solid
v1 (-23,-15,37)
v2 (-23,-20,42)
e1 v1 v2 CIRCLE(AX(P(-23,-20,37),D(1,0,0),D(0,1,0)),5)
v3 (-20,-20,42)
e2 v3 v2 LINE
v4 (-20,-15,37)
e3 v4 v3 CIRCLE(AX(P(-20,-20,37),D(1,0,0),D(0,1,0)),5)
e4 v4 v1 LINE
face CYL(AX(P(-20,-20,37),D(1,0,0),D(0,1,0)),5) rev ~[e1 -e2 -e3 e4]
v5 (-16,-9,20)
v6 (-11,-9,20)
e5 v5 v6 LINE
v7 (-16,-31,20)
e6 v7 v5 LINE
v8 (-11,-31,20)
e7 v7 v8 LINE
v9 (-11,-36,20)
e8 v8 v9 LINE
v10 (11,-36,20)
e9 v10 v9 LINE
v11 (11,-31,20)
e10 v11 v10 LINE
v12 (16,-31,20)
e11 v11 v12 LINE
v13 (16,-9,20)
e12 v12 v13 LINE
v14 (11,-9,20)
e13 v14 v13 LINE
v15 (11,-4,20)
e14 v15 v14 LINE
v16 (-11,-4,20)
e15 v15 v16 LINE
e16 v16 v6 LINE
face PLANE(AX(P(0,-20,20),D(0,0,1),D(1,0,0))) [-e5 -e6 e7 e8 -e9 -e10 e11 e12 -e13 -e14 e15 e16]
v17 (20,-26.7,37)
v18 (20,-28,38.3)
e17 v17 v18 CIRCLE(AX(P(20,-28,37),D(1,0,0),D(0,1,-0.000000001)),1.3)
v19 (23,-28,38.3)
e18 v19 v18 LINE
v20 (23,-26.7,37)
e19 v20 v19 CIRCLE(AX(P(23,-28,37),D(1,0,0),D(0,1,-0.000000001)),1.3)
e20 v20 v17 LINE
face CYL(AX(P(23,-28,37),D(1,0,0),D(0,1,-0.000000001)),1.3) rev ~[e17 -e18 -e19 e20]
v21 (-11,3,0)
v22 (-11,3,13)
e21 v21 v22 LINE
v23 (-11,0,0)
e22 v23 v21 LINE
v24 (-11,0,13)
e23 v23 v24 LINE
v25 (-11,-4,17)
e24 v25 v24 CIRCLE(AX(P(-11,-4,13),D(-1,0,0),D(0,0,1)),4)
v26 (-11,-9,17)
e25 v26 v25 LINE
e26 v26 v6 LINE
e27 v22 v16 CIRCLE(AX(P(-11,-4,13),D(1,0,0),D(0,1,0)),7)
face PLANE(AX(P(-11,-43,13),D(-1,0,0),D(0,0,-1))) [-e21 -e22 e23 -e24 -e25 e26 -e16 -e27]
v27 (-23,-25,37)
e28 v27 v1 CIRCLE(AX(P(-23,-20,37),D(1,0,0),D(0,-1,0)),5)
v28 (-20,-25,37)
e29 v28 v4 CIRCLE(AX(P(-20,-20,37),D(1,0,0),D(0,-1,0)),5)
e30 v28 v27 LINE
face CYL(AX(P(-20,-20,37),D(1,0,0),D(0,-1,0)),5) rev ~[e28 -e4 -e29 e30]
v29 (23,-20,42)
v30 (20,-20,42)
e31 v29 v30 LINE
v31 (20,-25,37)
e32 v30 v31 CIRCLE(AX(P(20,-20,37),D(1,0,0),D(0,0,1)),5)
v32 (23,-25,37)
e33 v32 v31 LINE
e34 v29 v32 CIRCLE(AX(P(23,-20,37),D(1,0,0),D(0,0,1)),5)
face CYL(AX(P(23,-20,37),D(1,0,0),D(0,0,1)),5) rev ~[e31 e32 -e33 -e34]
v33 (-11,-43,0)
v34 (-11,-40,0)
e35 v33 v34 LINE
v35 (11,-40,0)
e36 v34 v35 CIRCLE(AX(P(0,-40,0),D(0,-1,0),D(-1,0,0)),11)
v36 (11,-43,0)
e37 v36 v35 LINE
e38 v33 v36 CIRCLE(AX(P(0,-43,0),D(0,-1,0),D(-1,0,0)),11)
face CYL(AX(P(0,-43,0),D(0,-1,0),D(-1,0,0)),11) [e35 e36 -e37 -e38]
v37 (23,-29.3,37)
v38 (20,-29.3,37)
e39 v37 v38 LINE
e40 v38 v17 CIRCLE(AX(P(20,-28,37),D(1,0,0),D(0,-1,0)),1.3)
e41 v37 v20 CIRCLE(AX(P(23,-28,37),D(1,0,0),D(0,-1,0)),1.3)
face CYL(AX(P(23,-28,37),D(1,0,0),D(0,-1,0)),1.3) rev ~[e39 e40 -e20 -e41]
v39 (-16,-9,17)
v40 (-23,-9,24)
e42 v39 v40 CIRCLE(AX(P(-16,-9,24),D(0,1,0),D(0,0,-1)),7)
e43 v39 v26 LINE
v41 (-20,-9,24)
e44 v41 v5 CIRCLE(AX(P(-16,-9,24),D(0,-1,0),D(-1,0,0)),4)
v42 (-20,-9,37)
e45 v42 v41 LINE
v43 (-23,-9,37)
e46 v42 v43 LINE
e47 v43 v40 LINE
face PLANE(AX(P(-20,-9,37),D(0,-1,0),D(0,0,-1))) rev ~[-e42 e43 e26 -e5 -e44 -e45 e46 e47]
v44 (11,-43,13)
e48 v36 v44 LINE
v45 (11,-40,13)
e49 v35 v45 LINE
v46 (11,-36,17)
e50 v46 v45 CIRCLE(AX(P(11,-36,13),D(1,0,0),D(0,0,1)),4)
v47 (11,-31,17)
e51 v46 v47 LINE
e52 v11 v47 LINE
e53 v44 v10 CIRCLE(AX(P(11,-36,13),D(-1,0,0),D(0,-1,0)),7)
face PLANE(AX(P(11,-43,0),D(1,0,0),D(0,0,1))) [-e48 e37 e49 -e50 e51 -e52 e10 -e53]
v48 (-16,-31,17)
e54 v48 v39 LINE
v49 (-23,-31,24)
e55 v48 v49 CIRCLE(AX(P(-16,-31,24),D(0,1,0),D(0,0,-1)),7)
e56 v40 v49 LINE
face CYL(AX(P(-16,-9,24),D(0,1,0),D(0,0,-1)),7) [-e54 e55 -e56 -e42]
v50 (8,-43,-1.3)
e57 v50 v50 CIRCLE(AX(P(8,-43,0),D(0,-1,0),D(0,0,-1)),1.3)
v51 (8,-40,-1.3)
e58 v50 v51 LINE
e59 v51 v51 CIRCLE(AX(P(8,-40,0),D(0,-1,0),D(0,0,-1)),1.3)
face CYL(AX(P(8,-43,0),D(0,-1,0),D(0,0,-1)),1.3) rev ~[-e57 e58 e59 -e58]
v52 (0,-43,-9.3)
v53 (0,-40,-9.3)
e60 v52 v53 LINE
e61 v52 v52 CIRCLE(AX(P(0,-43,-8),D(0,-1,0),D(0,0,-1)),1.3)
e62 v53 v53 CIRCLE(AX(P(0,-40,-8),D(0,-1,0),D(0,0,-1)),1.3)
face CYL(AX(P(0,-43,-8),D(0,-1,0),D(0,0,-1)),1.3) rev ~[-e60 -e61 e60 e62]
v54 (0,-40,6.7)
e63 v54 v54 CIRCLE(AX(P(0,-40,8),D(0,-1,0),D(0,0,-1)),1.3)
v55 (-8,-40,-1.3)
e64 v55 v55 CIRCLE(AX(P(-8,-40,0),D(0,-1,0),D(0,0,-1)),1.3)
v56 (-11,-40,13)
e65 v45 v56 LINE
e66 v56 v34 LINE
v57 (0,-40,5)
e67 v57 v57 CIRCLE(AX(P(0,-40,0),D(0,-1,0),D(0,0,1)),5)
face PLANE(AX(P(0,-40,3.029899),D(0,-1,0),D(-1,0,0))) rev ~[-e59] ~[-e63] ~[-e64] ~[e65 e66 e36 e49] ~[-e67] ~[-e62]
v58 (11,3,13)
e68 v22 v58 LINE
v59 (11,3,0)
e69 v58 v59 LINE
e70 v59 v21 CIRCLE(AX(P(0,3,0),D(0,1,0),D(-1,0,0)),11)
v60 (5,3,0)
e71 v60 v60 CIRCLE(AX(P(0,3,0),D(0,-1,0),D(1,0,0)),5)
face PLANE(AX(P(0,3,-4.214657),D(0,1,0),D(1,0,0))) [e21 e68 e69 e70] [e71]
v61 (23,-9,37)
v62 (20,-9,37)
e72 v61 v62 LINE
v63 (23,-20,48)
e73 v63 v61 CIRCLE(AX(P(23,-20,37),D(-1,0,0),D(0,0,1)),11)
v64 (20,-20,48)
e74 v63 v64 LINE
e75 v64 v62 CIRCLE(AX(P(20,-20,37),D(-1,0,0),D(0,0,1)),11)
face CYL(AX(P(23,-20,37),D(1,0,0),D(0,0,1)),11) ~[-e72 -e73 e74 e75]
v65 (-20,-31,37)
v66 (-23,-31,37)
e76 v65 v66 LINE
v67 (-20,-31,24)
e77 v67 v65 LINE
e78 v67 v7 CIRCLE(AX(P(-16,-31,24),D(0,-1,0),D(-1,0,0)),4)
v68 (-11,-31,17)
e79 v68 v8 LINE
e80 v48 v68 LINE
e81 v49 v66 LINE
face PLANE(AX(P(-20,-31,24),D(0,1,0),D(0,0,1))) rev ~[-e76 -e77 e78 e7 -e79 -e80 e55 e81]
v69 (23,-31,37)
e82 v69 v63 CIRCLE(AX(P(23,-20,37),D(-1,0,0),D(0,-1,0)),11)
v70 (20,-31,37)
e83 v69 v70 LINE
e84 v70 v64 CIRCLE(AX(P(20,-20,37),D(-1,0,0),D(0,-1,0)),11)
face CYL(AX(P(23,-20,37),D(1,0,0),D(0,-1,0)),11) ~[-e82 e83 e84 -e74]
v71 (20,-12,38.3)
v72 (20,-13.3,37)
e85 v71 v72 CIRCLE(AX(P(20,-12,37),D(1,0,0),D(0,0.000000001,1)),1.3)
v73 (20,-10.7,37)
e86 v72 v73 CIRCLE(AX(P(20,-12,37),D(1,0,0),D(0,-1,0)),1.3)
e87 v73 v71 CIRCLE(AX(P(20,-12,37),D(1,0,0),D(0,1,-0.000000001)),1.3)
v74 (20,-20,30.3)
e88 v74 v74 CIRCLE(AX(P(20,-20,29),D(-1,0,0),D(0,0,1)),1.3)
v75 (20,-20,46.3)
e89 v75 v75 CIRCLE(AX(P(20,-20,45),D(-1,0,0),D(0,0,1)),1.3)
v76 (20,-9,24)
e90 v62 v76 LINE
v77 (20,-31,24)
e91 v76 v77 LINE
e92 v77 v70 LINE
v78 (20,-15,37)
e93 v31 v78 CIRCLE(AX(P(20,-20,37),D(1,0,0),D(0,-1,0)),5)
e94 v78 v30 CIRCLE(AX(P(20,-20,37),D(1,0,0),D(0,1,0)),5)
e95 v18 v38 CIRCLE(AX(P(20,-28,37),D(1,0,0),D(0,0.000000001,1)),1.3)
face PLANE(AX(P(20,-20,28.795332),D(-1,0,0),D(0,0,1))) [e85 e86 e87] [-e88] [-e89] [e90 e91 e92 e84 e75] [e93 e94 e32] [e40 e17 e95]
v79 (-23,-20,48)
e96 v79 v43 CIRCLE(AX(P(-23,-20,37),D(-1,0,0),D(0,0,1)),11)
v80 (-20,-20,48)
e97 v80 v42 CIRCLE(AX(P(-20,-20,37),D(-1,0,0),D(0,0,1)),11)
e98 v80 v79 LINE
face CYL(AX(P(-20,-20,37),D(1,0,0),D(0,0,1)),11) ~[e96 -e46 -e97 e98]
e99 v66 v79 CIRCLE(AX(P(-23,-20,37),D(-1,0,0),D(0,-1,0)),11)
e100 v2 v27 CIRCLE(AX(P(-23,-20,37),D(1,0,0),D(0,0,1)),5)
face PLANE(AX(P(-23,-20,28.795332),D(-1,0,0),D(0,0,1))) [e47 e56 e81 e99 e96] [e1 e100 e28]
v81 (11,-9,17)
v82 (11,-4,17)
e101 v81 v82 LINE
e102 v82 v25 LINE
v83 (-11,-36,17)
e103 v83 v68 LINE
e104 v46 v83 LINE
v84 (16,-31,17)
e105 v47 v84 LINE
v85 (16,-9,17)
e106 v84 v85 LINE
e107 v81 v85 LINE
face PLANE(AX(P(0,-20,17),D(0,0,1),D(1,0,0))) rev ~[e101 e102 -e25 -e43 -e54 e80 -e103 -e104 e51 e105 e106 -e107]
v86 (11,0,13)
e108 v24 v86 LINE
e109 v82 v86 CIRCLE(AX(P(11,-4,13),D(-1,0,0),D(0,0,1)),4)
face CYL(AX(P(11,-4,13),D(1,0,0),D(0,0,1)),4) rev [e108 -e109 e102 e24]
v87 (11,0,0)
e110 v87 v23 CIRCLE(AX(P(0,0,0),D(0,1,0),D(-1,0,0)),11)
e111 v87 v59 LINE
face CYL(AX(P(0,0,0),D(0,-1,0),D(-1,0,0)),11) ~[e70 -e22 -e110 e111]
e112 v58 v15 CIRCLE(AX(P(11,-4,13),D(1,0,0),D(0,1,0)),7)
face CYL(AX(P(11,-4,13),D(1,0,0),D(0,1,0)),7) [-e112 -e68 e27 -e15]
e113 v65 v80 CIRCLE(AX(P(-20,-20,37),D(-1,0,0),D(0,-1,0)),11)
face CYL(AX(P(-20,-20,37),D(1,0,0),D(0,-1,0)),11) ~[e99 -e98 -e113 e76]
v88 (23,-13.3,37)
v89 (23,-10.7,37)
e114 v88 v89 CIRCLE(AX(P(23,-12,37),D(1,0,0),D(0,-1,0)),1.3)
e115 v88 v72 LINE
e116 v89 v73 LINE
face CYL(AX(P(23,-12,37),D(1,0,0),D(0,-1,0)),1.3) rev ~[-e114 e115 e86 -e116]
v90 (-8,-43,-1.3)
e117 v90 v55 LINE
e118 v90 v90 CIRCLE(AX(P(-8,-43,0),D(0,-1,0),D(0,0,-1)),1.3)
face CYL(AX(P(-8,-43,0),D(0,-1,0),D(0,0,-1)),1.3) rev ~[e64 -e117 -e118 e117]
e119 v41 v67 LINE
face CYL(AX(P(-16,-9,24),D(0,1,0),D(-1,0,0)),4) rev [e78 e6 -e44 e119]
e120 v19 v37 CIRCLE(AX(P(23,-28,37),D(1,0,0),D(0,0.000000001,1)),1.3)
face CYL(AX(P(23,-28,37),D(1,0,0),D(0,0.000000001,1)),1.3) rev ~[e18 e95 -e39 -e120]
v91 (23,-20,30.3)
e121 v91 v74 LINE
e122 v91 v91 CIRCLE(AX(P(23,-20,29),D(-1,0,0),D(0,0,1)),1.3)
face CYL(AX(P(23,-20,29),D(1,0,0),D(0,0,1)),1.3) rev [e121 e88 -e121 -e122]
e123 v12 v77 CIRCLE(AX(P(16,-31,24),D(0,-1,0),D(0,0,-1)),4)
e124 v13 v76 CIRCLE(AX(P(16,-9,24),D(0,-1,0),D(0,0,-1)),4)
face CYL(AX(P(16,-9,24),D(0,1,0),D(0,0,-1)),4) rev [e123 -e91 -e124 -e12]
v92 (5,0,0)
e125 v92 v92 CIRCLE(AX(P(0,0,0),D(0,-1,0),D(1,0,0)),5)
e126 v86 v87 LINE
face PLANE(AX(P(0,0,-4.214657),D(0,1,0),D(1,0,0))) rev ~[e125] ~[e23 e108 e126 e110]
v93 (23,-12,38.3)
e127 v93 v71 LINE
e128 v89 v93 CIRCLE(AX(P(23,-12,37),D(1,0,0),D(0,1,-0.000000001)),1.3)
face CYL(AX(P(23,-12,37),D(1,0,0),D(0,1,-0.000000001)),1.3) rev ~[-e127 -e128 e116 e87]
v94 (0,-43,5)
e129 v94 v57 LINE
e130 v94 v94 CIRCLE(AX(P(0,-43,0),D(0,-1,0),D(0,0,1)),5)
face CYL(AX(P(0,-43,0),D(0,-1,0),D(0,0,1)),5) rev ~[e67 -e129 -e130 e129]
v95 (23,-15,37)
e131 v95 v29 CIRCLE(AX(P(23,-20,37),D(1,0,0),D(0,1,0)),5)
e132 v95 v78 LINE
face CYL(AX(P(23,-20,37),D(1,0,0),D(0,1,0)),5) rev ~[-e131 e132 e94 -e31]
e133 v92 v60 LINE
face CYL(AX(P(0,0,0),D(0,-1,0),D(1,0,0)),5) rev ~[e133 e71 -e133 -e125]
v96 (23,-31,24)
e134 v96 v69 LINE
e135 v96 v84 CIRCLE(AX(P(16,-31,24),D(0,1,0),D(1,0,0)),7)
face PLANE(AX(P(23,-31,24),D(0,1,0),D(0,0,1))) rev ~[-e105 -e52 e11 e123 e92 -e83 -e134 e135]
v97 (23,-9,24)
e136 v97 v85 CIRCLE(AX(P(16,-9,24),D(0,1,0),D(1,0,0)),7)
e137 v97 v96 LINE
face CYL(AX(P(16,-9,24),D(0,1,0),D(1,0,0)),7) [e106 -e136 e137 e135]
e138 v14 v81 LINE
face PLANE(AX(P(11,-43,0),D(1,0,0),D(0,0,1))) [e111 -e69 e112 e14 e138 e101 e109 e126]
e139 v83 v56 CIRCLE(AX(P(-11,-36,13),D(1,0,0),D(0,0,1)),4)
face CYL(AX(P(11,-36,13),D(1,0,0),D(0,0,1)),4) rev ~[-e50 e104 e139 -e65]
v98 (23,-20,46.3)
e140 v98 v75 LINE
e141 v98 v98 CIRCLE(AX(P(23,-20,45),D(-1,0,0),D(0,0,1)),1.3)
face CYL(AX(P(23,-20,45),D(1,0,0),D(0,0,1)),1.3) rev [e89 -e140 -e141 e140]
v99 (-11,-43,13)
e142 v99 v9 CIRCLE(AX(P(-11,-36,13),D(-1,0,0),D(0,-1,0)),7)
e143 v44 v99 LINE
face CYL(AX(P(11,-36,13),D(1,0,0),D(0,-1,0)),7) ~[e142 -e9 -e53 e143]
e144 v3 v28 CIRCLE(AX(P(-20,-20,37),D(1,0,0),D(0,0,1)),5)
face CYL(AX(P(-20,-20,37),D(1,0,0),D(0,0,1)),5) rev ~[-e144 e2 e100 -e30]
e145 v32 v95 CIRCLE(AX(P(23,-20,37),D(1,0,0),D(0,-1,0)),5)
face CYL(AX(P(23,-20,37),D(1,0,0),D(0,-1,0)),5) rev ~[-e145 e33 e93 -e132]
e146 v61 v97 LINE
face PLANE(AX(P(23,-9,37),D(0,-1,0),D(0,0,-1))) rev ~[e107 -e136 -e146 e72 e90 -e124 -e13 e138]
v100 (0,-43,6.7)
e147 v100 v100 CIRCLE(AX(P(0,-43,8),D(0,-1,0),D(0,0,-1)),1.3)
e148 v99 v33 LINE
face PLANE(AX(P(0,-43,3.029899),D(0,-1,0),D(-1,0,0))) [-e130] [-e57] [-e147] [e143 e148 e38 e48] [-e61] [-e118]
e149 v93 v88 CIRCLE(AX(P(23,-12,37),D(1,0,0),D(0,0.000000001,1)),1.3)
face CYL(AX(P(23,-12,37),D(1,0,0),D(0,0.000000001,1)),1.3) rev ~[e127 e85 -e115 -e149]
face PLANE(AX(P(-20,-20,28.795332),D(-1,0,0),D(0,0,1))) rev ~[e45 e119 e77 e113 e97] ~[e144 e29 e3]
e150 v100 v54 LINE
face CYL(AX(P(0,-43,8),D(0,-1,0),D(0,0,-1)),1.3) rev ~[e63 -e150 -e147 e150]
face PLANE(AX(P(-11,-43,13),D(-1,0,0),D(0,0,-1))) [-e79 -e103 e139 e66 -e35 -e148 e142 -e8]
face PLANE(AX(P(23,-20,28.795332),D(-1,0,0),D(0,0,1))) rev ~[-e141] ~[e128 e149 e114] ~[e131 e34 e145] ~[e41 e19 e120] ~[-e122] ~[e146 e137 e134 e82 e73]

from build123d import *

# Parameters (mm, degrees)
BOSS_EXTRUDE1_DEPTH  = 3
BOSS_EXTRUDE2_DEPTH  = 22
BOSS_EXTRUDE10_DEPTH = 22
BOSS_EXTRUDE3_START  = 3
SKETCH3_R            = 1.3
SKETCH3_R_2          = 5
BOSS_EXTRUDE3_DEPTH  = 3
SKETCH5_W            = 32
SKETCH5_H            = 22
BOSS_EXTRUDE4_DEPTH  = 3
BOSS_EXTRUDE5_DEPTH  = 22
SKETCH8_R            = 1.3
BOSS_EXTRUDE8_DEPTH  = 3
BOSS_EXTRUDE9_START  = -3
BOSS_EXTRUDE9_DEPTH  = 3


with BuildPart() as part:
    # Sketch1 → Boss-Extrude1 (new body)
    with BuildSketch(Plane(origin=(0, 0, 0), x_dir=(1, 0, 0), z_dir=(0, 1, 0))):
        with BuildLine():
            ThreePointArc((-5, 0), (0, 5), (5, 0))
            Line((5, 0), (11, 0))
            ThreePointArc((11, 0), (0, 11), (-11, 0))
            Line((-11, 0), (-5, 0))
        make_face()
        with BuildLine():
            Line((11, 0), (5, 0))
            ThreePointArc((5, 0), (0, -5), (-5, 0))
            Line((-5, 0), (-11, 0))
            ThreePointArc((-11, 0), (0, -11), (11, 0))
        make_face()
        with BuildLine():
            Line((11, -13), (11, 0))
            ThreePointArc((11, 0), (0, -11), (-11, 0))
            Line((-11, 0), (-11, -13))
            Line((-11, -13), (11, -13))
        make_face()
    extrude(amount=BOSS_EXTRUDE1_DEPTH)

    # Sketch2 → Boss-Extrude2 (add)
    with BuildSketch(Plane(origin=(11, 0, 0), x_dir=(0, 0, -1), z_dir=(1, 0, 0))):
        with BuildLine():
            Line((-13, 0), (-13, 3))
            ThreePointArc((-13, 3), (-17.949747468, 0.949747468), (-20, -4))
            Line((-20, -4), (-20, -36))
            Line((-20, -36), (-17, -36))
            Line((-17, -36), (-17, -4))
            ThreePointArc((-17, -4), (-15.828427125, -1.171572875), (-13, 0))
        make_face()
    extrude(amount=-BOSS_EXTRUDE2_DEPTH)

    # Sketch2<4> → Boss-Extrude10 (add)
    with BuildSketch(Plane(origin=(11, 0, 0), x_dir=(0, 0, -1), z_dir=(1, 0, 0))):
        with BuildLine():
            Line((-20, -36), (-17, -36))
            ThreePointArc((-17, -36), (-15.828427125, -38.828427125), (-13, -40))
            Line((-13, -40), (-13, -43))
            ThreePointArc((-13, -43), (-17.949747468, -40.949747468), (-20, -36))
        make_face()
    extrude(amount=-BOSS_EXTRUDE10_DEPTH)

    # Sketch3 → Boss-Extrude3 (add)
    with BuildSketch(Plane(origin=(0, -40, 0), x_dir=(-1, 0, 0), z_dir=(0, -1, 0)).offset(BOSS_EXTRUDE3_START)):
        with BuildLine():
            ThreePointArc((11, 0), (0, 11), (-11, 0))
            Line((-11, 0), (-11, -13))
            Line((-11, -13), (11, -13))
            Line((11, -13), (11, 0))
        make_face()
        with Locations(Location((8, 0, 0), (0, 0, 90))):
            Circle(SKETCH3_R, mode=Mode.SUBTRACT)
        with Locations(Location((0, 0, 0), (0, 0, 270))):
            Circle(SKETCH3_R_2, mode=Mode.SUBTRACT)
        with Locations(Location((-8, 0, 0), (0, 0, 90))):
            Circle(SKETCH3_R, mode=Mode.SUBTRACT)
        with Locations(Location((0, 8, 0), (0, 0, 90))):
            Circle(SKETCH3_R, mode=Mode.SUBTRACT)
        with Locations(Location((0, -8, 0), (0, 0, 90))):
            Circle(SKETCH3_R, mode=Mode.SUBTRACT)
    extrude(amount=-BOSS_EXTRUDE3_DEPTH)

    # Sketch5 → Boss-Extrude4 (add)
    with BuildSketch(Plane.XY.offset(20)):
        with Locations((0, -20)):
            Rectangle(SKETCH5_W, SKETCH5_H)
    extrude(amount=-BOSS_EXTRUDE4_DEPTH)

    # Sketch6 → Boss-Extrude5 (add)
    with BuildSketch(Plane(origin=(0, -9, 0), x_dir=(1, 0, 0), z_dir=(0, 1, 0))):
        with BuildLine():
            Line((-23, -24), (-20, -24))
            ThreePointArc((-20, -24), (-18.828427125, -21.171572875), (-16, -20))
            Line((-16, -20), (-16, -17))
            ThreePointArc((-16, -17), (-20.949747468, -19.050252532), (-23, -24))
        make_face()
        with BuildLine():
            Line((20, -24), (23, -24))
            ThreePointArc((23, -24), (20.949747468, -19.050252532), (16, -17))
            Line((16, -17), (16, -20))
            ThreePointArc((16, -20), (18.828427125, -21.171572875), (20, -24))
        make_face()
    extrude(amount=-BOSS_EXTRUDE5_DEPTH)

    # Sketch8 → Boss-Extrude8 (add)
    # profile 1 of 3: a face of its own
    with BuildSketch(Plane.ZY.offset(-23)):
        with BuildLine():
            Line((37, -9), (24, -9))
            Line((24, -9), (24, -31))
            Line((24, -31), (37, -31))
            ThreePointArc((37, -31), (26, -20), (37, -9))
        make_face()
    # profile 2 of 3: a face of its own
    with BuildSketch(Plane.ZY.offset(-23)):
        with BuildLine():
            Line((37, -10.7), (37, -9))
            ThreePointArc((37, -9), (26, -20), (37, -31))
            Line((37, -31), (37, -29.3))
            ThreePointArc((37, -29.3), (35.7, -28), (37, -26.7))
            Line((37, -26.7), (37, -25))
            ThreePointArc((37, -25), (32, -20), (37, -15))
            Line((37, -15), (37, -13.3))
            ThreePointArc((37, -13.3), (35.7, -12), (37, -10.7))
        make_face()
        with Locations((29, -20)):
            Circle(SKETCH8_R, mode=Mode.SUBTRACT)
    # profile 3 of 3: a face of its own
    with BuildSketch(Plane.ZY.offset(-23)):
        with BuildLine():
            ThreePointArc((48, -20), (44.778174593, -12.221825407), (37, -9))
            Line((37, -9), (37, -10.7))
            ThreePointArc((37, -10.7), (37.919238816, -11.080761184), (38.3, -12))
            ThreePointArc((38.3, -12), (37.919238816, -12.919238816), (37, -13.3))
            Line((37, -13.3), (37, -15))
            ThreePointArc((37, -15), (40.535533906, -16.464466094), (42, -20))
            ThreePointArc((42, -20), (40.535533906, -23.535533906), (37, -25))
            Line((37, -25), (37, -26.7))
            ThreePointArc((37, -26.7), (37.919238816, -27.080761184), (38.3, -28))
            ThreePointArc((38.3, -28), (37.919238816, -28.919238816), (37, -29.3))
            Line((37, -29.3), (37, -31))
            ThreePointArc((37, -31), (44.778174593, -27.778174593), (48, -20))
        make_face()
        with Locations((45, -20)):
            Circle(SKETCH8_R, mode=Mode.SUBTRACT)
    extrude(amount=BOSS_EXTRUDE8_DEPTH)

    # Sketch9 → Boss-Extrude9 (add)
    with BuildSketch(Plane.ZY.offset(23).offset(BOSS_EXTRUDE9_START)):
        with BuildLine():
            Line((24, -9), (24, -31))
            Line((24, -31), (37, -31))
            ThreePointArc((37, -31), (26, -20), (37, -9))
            Line((37, -9), (24, -9))
        make_face()
        with BuildLine():
            ThreePointArc((37, -9), (26, -20), (37, -31))
            Line((37, -31), (37, -25))
            ThreePointArc((37, -25), (32, -20), (37, -15))
            Line((37, -15), (37, -9))
        make_face()
        with BuildLine():
            Line((37, -25), (37, -31))
            ThreePointArc((37, -31), (44.778174593, -27.778174593), (48, -20))
            ThreePointArc((48, -20), (44.778174593, -12.221825407), (37, -9))
            Line((37, -9), (37, -15))
            ThreePointArc((37, -15), (40.535533906, -16.464466094), (42, -20))
            ThreePointArc((42, -20), (40.535533906, -23.535533906), (37, -25))
        make_face()
    extrude(amount=BOSS_EXTRUDE9_DEPTH)


solid = part.part
